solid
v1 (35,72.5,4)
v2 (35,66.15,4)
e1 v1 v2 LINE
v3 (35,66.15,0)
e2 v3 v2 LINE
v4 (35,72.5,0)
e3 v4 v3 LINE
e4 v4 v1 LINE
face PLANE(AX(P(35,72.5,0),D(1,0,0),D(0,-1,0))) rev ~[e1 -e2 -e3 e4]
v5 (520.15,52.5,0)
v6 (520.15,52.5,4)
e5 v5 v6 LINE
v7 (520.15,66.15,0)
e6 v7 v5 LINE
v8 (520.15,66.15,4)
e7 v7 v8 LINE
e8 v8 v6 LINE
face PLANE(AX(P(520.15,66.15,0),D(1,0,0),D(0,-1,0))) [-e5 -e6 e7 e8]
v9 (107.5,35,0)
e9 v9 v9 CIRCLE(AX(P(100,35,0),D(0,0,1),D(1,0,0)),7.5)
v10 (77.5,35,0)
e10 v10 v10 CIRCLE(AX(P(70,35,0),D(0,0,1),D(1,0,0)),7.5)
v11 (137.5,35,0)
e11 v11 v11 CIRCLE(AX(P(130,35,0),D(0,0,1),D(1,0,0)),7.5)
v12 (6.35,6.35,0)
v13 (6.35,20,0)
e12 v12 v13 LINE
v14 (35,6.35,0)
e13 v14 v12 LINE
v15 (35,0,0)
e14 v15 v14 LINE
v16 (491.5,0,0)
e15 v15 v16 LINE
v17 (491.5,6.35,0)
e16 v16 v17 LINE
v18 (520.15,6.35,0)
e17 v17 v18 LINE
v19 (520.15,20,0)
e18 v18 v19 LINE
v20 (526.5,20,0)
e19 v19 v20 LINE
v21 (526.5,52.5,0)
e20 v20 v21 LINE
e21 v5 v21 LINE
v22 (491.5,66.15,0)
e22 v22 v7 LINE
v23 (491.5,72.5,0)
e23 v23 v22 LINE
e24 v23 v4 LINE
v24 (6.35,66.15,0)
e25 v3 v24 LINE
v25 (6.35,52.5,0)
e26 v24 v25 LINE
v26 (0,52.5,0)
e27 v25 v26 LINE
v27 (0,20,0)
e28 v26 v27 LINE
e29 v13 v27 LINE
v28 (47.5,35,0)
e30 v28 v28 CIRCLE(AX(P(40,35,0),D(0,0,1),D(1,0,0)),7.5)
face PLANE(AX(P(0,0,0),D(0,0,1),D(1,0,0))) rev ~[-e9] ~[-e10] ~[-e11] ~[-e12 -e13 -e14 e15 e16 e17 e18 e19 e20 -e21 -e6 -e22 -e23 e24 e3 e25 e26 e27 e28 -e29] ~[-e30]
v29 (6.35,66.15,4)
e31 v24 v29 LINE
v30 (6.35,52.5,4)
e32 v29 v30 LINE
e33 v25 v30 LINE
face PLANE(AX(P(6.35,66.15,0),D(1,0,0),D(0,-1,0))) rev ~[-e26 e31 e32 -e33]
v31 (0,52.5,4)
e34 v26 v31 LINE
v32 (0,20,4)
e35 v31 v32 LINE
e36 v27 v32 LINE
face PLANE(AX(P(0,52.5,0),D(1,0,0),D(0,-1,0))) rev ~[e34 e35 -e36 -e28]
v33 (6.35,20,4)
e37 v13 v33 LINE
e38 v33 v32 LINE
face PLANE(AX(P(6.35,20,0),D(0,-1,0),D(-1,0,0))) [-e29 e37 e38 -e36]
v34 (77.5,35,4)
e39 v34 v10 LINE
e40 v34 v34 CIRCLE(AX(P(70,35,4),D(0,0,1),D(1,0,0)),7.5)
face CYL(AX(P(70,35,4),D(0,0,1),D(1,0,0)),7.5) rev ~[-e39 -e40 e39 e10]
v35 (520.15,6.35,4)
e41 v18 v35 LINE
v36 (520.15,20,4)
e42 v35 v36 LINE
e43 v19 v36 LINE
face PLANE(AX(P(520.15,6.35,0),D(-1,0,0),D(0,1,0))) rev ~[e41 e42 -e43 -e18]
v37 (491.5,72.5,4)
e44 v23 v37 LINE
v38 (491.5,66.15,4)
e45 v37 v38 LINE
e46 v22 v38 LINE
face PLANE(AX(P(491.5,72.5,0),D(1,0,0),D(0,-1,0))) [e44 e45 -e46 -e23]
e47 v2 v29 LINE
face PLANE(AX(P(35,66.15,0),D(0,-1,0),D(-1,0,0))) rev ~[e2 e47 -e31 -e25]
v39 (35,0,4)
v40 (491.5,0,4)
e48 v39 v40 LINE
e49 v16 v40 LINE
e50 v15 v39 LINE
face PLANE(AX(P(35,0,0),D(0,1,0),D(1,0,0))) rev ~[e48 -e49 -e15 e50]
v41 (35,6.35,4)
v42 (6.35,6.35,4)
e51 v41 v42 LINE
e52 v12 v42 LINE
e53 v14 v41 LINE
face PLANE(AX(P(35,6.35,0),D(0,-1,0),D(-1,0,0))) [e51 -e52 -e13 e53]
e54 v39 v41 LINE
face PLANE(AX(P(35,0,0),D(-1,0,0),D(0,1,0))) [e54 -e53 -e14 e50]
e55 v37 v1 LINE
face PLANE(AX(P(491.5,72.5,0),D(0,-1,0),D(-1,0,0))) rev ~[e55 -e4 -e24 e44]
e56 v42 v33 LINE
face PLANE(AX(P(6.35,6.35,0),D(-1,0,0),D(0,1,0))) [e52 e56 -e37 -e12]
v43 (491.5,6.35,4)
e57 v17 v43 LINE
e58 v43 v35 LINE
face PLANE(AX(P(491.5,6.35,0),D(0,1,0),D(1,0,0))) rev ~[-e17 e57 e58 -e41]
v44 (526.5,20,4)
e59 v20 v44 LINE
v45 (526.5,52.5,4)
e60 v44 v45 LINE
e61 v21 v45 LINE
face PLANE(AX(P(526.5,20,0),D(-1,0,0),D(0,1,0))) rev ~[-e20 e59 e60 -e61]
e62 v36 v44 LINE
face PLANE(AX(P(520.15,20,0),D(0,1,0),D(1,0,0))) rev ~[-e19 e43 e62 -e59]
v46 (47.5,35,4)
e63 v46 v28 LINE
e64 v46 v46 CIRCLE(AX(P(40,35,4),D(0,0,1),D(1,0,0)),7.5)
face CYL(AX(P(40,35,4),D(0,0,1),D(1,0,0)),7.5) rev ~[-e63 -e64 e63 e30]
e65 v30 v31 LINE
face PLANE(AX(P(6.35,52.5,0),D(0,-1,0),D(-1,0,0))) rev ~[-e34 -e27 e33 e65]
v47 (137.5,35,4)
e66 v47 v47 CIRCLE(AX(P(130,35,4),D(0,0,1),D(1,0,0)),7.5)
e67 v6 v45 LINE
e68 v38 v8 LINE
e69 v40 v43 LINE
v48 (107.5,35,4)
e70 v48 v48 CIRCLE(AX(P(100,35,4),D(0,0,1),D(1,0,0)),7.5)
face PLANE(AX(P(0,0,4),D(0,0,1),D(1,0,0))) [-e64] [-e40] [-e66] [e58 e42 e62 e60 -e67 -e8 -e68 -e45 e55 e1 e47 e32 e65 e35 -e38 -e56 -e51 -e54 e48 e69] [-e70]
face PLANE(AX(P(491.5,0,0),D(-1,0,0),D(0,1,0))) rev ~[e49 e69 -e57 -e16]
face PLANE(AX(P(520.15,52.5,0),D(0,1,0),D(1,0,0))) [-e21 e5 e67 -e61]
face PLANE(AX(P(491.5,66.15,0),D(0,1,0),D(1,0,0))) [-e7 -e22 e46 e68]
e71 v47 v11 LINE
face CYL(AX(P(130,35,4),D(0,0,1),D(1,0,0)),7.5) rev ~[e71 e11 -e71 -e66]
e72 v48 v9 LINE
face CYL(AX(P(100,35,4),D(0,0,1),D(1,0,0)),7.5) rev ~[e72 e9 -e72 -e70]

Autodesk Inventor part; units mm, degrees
ref_plane "YZ Plane" through (0, 0, 0) normal (1, 0, 0) x (0, 1, 0)
ref_plane "XZ Plane" through (0, 0, 0) normal (0, 1, 0) x (-1, 0, 0)
ref_plane "XY Plane" through (0, 0, 0) normal (0, 0, 1) x (1, 0, 0)
sketch "Skizze1" plane through (0, 0, 0) normal (0, 0, 1) x (1, 0, 0)
  line L0 (0, 0) -> (526.5, 0)
  line L1 (526.5, 0) -> (526.5, 72.5)
  line L2 (526.5, 72.5) -> (0, 72.5)
  line L3 (0, 72.5) -> (0, 0)
  line L4 (0, 72.5) -> (35, 72.5)
  line L5 (35, 72.5) -> (35, 66.15)
  line L6 (35, 66.15) -> (0, 66.15)
  line L7 (0, 66.15) -> (0, 72.5)
  line L8 (0, 72.5) -> (6.35, 72.5)
  line L9 (6.35, 72.5) -> (6.35, 52.5)
  line L10 (6.35, 52.5) -> (0, 52.5)
  line L11 (0, 52.5) -> (0, 72.5)
  line L12 (0, 36.25) -> (526.5, 36.25) construction
  line L13 (263.25, 72.5) -> (263.25, 0) construction
  line L14 (0, 0) -> (35, 0)
  line L15 (35, 0) -> (35, 6.35)
  line L16 (35, 6.35) -> (0, 6.35)
  line L17 (0, 6.35) -> (0, 0)
  line L18 (0, 0) -> (6.35, 0)
  line L19 (6.35, 0) -> (6.35, 20)
  line L20 (6.35, 20) -> (0, 20)
  line L21 (0, 20) -> (0, 0)
  line L22 (526.5, 72.5) -> (526.5, 0)
  line L23 (526.5, 72.5) -> (491.5, 72.5)
  line L24 (491.5, 72.5) -> (491.5, 66.15)
  line L25 (491.5, 66.15) -> (526.5, 66.15)
  line L26 (526.5, 66.15) -> (526.5, 72.5)
  line L27 (526.5, 72.5) -> (520.15, 72.5)
  line L28 (520.15, 72.5) -> (520.15, 52.5)
  line L29 (520.15, 52.5) -> (526.5, 52.5)
  line L30 (526.5, 52.5) -> (526.5, 72.5)
  line L31 (526.5, 0) -> (520.15, 0)
  line L32 (526.5, 0) -> (491.5, 0)
  line L33 (491.5, 0) -> (491.5, 6.35)
  line L34 (491.5, 6.35) -> (526.5, 6.35)
  line L35 (520.15, 0) -> (520.15, 20)
  line L36 (526.5, 6.35) -> (526.5, 0)
  line L37 (520.15, 20) -> (526.5, 20)
  line L38 (526.5, 20) -> (526.5, 0)
  point P0 (520.15, 66.15)
  point P1 (6.35, 66.15)
  point P2 (0, 52.5)
  point P3 (0, 20)
  point P4 (6.35, 6.35)
  point P5 (491.5, 0)
  point P6 (520.15, 6.35)
  point P7 (526.5, 20)
  dimension "d0" = 526.5
  dimension "d1" = 72.5
  dimension "d2" = 35
  dimension "d3" = 6.35
  dimension "d4" = 6.35
  dimension "d5" = 20
extrude "Extrusion1" add sketch "Skizze1" along normal blind 4 contours L15 L16 L19 L20 L3 L10 L9 L6 L5 L2 L24 L25 L28 L29 L1 L37 L35 L34 L33 L0
sketch "Skizze2" plane through (0, 0, 4) normal (0, 0, 1) x (1, 0, 0)
  circle A0 centre (40, 35) radius 7.5
  circle A1 centre (70, 35) radius 7.5
  circle A2 centre (100, 35) radius 7.5
  circle A3 centre (130, 35) radius 7.5
  line L0 (35, 0) -> (491.5, 0) projected
  line L1 (0, 52.5) -> (0, 20) projected
  point P0 (0, 0)
  dimension "d8" = 15
  dimension "d9" = 15
  dimension "d10" = 15
  dimension "d11" = 15
  dimension "d12" = 35
  dimension "d13" = 30
  dimension "d14" = 40
  dimension "d15" = 30
  dimension "d16" = 30
extrude "Extrusion2" cut sketch "Skizze2" against normal blind 10
properties part number "103.013.01_Abdeckung_Gestell_hinten" material "PMMA-Kunststoff"
